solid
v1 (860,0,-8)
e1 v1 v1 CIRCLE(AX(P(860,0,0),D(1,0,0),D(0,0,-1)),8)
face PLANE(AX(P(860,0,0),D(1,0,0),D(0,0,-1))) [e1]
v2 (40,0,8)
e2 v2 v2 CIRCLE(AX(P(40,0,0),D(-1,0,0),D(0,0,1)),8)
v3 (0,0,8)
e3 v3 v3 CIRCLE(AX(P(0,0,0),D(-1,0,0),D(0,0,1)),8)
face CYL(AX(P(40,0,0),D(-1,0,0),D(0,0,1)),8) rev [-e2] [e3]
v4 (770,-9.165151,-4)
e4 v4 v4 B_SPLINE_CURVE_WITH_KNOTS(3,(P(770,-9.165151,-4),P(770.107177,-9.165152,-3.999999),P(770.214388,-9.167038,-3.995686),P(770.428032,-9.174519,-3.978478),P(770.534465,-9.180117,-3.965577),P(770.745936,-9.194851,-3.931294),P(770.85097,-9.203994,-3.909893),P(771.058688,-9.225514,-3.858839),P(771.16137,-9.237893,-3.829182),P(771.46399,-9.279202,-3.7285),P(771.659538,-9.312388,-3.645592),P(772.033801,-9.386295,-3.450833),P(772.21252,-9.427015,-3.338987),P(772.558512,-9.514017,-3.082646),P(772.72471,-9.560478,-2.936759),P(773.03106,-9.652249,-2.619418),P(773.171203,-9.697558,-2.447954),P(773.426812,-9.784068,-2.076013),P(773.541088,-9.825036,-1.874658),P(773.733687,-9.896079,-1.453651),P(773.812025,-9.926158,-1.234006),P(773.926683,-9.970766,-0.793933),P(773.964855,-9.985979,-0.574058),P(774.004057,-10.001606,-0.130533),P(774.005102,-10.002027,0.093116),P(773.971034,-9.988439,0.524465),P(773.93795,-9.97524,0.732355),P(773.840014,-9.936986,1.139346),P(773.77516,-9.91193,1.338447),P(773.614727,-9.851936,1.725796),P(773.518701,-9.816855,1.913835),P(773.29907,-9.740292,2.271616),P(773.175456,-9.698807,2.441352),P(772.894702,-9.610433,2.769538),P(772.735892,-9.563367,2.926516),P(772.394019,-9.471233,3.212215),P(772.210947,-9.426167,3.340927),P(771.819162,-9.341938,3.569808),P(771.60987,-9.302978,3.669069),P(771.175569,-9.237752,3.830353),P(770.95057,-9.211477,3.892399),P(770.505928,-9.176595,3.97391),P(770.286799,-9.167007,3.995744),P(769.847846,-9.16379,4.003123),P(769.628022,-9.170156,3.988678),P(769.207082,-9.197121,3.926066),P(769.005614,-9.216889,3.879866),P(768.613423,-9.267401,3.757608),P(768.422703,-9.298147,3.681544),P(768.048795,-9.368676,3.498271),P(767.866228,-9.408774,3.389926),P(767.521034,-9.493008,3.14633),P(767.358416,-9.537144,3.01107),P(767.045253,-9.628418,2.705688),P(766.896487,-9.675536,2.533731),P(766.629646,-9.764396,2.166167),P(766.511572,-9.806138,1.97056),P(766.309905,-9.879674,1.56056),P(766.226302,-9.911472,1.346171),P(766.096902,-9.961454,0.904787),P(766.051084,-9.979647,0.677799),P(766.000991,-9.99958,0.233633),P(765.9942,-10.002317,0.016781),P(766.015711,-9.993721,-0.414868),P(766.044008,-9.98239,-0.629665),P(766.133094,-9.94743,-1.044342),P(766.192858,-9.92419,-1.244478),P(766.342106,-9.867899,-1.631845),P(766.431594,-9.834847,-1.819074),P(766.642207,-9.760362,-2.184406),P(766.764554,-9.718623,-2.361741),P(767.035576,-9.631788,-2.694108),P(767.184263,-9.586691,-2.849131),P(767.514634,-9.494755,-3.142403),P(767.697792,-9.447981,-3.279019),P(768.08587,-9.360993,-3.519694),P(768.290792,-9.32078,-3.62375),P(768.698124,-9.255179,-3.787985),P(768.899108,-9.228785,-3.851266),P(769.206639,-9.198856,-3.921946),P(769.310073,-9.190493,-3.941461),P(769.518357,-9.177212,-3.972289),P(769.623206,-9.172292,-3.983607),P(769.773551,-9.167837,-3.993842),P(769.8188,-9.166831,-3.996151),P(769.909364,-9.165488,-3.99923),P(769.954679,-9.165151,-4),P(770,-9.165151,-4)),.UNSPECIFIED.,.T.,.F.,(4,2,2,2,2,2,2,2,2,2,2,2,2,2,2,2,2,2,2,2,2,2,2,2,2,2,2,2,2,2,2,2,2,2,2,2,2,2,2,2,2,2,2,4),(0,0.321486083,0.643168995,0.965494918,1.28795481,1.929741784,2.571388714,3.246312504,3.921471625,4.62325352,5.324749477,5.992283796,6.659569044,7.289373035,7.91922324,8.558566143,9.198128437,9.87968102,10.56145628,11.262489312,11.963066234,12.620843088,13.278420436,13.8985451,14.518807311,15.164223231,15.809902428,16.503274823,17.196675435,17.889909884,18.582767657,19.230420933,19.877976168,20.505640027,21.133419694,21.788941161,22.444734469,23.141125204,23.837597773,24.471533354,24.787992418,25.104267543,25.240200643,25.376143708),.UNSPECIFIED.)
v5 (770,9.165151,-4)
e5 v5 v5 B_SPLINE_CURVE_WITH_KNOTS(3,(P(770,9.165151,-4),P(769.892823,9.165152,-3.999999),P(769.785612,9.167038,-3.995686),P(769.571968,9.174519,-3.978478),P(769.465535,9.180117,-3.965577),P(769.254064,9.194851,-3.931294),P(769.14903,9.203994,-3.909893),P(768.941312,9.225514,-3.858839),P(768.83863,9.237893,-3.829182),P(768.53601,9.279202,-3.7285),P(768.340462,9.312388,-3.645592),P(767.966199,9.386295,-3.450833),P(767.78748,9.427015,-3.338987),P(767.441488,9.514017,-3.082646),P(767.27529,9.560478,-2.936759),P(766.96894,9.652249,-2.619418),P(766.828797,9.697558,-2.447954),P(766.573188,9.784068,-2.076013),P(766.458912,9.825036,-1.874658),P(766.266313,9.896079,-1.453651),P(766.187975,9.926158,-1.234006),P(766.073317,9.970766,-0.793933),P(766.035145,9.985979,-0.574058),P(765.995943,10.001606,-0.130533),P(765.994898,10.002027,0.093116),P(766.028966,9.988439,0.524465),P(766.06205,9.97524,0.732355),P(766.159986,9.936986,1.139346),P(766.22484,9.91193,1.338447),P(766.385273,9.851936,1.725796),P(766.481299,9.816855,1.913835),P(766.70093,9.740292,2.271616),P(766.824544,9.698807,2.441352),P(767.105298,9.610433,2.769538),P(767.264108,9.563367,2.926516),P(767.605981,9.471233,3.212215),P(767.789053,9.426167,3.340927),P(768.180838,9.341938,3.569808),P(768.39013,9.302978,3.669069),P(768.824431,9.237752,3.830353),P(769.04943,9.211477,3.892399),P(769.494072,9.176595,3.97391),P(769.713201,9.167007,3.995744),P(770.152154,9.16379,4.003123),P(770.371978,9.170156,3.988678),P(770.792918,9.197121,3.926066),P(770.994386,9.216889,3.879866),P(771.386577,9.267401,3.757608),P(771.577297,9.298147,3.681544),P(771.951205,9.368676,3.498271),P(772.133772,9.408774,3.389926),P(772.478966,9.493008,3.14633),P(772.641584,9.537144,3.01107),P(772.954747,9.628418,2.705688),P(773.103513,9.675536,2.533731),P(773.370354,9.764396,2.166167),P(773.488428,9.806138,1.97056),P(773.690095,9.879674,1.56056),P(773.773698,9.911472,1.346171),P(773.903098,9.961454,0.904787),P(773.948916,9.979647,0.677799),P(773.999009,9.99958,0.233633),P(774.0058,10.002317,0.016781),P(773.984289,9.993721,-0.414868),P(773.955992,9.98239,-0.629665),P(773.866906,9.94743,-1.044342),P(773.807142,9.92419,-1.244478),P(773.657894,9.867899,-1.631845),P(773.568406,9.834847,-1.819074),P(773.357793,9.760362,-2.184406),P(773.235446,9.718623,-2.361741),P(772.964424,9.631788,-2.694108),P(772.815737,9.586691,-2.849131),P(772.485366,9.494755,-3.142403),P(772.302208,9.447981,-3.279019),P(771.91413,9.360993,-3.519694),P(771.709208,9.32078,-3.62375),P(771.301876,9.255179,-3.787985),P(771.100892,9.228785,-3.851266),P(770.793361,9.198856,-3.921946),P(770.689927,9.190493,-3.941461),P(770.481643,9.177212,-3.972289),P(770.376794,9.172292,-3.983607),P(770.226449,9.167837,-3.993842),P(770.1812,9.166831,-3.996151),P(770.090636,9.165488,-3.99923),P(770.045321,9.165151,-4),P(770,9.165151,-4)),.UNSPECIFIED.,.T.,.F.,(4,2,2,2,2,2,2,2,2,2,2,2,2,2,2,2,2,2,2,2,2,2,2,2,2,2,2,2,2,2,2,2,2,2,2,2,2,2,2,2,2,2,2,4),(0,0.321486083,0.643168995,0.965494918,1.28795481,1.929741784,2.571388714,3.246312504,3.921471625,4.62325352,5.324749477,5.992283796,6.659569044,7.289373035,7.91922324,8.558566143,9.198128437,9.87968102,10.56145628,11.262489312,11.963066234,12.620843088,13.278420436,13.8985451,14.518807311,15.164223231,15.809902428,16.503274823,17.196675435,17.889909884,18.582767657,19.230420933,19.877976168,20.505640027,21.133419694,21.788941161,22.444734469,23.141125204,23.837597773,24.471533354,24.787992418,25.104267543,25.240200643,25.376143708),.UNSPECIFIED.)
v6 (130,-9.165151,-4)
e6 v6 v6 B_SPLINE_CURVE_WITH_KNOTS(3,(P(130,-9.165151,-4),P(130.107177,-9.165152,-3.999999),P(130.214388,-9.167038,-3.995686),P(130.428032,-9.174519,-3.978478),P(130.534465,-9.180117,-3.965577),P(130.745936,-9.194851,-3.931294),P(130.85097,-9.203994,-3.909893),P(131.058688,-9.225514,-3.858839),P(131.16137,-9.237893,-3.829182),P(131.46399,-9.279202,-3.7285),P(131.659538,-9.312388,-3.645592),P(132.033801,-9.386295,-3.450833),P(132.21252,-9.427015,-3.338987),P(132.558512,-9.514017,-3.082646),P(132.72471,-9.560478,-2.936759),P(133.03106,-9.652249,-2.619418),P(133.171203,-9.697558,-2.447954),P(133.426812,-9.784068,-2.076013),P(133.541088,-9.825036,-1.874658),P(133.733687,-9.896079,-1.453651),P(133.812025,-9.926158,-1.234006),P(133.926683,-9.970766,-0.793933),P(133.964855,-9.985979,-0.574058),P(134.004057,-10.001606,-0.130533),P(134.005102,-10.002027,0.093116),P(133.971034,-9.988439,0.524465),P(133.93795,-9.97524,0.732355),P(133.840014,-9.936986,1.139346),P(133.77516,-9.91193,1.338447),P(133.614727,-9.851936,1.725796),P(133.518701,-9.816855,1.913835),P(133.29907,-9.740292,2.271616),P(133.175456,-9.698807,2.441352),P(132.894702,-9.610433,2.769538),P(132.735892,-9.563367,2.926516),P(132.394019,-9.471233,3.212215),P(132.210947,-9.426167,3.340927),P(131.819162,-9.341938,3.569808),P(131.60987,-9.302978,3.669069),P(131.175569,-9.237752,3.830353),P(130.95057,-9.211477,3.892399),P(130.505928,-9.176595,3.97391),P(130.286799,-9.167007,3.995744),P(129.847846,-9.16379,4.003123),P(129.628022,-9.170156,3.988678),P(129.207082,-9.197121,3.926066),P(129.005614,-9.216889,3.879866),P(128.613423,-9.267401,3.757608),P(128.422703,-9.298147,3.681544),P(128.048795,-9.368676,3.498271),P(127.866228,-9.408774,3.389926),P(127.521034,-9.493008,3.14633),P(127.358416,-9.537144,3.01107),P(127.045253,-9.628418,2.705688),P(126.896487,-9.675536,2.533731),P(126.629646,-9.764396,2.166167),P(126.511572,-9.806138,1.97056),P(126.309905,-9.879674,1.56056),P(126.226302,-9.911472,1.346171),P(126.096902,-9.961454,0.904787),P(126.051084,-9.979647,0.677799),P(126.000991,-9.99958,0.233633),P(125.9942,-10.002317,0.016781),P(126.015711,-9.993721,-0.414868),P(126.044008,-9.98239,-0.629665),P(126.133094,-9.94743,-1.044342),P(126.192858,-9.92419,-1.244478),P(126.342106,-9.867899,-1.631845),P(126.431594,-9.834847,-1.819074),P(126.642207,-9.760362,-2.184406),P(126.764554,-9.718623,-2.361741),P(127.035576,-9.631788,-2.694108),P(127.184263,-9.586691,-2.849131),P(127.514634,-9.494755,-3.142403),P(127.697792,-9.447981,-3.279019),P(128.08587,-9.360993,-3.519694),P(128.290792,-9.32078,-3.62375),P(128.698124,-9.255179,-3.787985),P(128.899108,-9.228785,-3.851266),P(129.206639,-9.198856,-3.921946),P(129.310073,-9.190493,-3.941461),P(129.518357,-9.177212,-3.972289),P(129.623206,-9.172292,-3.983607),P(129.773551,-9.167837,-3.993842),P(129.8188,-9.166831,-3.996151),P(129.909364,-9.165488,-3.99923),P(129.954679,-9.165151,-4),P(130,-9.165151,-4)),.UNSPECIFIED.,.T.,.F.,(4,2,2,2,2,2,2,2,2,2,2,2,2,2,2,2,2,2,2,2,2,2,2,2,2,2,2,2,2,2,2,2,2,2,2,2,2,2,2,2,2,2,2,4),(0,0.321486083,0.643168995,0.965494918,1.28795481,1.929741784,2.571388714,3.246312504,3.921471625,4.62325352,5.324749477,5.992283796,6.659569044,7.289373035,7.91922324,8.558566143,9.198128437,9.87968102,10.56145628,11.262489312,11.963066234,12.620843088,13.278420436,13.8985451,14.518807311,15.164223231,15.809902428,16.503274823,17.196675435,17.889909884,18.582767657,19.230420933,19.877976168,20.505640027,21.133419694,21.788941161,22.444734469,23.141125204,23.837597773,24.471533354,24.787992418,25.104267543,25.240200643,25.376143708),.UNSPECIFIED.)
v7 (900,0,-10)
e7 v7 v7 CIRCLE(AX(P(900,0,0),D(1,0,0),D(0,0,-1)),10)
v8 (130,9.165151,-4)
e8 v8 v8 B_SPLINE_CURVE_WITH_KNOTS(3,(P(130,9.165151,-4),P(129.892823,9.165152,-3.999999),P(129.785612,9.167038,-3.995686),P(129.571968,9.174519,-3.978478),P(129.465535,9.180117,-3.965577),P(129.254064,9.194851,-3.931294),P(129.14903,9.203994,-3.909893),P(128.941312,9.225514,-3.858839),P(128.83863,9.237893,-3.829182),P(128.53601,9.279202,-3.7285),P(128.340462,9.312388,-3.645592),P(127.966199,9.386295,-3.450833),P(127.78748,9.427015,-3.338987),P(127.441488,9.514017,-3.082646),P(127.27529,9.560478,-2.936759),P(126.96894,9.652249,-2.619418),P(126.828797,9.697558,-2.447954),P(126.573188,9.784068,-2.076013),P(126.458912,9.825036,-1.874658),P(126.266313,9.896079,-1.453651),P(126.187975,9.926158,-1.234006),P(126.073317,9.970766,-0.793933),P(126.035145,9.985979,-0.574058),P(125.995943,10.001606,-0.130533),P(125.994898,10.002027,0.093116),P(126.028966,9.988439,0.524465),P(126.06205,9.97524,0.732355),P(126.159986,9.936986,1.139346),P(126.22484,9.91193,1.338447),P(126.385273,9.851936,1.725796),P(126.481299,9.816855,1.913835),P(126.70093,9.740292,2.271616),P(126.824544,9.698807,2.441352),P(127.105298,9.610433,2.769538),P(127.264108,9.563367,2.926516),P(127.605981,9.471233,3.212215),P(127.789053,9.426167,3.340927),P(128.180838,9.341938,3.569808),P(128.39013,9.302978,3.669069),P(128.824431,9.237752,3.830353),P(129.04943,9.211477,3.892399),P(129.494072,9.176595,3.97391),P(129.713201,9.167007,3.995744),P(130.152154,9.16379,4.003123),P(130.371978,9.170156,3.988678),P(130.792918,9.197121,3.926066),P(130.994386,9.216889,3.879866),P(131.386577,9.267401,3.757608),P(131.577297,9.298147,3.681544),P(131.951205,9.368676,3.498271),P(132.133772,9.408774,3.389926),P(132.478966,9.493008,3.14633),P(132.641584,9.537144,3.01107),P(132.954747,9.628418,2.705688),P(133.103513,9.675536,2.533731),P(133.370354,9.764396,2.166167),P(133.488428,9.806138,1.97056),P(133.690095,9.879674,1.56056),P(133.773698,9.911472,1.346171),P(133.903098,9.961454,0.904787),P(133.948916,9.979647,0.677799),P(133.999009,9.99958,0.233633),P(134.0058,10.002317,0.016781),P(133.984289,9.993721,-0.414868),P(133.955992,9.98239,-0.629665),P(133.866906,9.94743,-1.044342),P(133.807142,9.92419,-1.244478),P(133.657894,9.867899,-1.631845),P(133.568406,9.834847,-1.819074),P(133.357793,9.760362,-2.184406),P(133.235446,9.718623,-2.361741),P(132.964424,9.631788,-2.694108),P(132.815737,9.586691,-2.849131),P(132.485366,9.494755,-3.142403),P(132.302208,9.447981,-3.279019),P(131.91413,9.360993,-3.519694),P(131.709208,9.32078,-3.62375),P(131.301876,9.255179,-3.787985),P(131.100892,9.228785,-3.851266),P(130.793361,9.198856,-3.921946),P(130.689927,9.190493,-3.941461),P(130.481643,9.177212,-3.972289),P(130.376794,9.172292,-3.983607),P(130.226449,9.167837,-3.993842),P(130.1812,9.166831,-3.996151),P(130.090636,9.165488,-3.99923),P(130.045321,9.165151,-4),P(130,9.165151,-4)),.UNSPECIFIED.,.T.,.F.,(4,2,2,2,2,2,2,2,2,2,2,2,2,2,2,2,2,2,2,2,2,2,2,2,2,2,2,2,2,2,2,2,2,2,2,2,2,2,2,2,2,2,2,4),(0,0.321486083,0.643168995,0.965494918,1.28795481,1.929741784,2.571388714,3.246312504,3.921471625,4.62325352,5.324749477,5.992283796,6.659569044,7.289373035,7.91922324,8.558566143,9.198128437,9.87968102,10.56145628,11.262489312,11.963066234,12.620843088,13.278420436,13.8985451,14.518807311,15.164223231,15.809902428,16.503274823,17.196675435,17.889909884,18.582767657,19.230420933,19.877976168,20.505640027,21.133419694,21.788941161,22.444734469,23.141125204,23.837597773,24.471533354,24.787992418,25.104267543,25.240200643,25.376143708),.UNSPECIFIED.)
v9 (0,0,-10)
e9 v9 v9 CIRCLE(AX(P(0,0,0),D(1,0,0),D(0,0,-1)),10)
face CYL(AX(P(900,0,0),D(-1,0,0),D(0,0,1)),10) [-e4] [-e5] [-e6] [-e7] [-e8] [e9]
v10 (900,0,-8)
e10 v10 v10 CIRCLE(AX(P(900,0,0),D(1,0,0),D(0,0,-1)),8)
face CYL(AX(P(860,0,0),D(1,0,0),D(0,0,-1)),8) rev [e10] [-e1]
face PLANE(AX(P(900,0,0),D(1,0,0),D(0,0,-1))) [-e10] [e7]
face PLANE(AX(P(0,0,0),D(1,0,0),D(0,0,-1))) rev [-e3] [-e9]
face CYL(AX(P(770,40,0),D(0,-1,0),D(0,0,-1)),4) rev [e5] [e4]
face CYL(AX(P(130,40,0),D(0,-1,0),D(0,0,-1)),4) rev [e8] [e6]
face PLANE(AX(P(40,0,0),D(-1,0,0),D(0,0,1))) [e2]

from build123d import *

# Parameters (mm, degrees)
SKETCH1_R               = 10
BOSS_EXTRUDE1_DEPTH     = 900
SKETCH2_R               = 8
CUT_EXTRUDE1_DEPTH      = 40
CUT_EXTRUDE2_START      = -40
SKETCH3_R               = 8
CUT_EXTRUDE2_DEPTH      = 40
CUT_EXTRUDE3_DEPTH      = 40
CUT_EXTRUDE3_DEPTH_BACK = 40
SKETCH4_R               = 4


with BuildPart() as part:
    # Sketch1 → Boss-Extrude1 (new body)
    with BuildSketch(Plane.YZ):
        Circle(SKETCH1_R)
    extrude(amount=BOSS_EXTRUDE1_DEPTH)

    # Sketch2 → Cut-Extrude1 (cut)
    with BuildSketch(Plane.YZ.offset(900)):
        Circle(SKETCH2_R)
    extrude(amount=-CUT_EXTRUDE1_DEPTH, mode=Mode.SUBTRACT)

    # Sketch3 → Cut-Extrude2 (cut)
    with BuildSketch(Plane(origin=(0, 0, 0), x_dir=(0, -1, 0), z_dir=(-1, 0, 0)).offset(CUT_EXTRUDE2_START)):
        Circle(SKETCH3_R)
    extrude(amount=CUT_EXTRUDE2_DEPTH, mode=Mode.SUBTRACT)

    # Sketch4 → Cut-Extrude3 (cut, two sides: drawn at the far end of the back side and taken through both)
    with BuildSketch(Plane(origin=(0, 0, 0), x_dir=(-1, 0, 0), z_dir=(0, 1, 0)).offset(-CUT_EXTRUDE3_DEPTH_BACK)):
        with Locations((-130, 0)):
            Circle(SKETCH4_R)
        with Locations((-770, 0)):
            Circle(SKETCH4_R)
    extrude(amount=CUT_EXTRUDE3_DEPTH + CUT_EXTRUDE3_DEPTH_BACK, mode=Mode.SUBTRACT)


solid = part.part
